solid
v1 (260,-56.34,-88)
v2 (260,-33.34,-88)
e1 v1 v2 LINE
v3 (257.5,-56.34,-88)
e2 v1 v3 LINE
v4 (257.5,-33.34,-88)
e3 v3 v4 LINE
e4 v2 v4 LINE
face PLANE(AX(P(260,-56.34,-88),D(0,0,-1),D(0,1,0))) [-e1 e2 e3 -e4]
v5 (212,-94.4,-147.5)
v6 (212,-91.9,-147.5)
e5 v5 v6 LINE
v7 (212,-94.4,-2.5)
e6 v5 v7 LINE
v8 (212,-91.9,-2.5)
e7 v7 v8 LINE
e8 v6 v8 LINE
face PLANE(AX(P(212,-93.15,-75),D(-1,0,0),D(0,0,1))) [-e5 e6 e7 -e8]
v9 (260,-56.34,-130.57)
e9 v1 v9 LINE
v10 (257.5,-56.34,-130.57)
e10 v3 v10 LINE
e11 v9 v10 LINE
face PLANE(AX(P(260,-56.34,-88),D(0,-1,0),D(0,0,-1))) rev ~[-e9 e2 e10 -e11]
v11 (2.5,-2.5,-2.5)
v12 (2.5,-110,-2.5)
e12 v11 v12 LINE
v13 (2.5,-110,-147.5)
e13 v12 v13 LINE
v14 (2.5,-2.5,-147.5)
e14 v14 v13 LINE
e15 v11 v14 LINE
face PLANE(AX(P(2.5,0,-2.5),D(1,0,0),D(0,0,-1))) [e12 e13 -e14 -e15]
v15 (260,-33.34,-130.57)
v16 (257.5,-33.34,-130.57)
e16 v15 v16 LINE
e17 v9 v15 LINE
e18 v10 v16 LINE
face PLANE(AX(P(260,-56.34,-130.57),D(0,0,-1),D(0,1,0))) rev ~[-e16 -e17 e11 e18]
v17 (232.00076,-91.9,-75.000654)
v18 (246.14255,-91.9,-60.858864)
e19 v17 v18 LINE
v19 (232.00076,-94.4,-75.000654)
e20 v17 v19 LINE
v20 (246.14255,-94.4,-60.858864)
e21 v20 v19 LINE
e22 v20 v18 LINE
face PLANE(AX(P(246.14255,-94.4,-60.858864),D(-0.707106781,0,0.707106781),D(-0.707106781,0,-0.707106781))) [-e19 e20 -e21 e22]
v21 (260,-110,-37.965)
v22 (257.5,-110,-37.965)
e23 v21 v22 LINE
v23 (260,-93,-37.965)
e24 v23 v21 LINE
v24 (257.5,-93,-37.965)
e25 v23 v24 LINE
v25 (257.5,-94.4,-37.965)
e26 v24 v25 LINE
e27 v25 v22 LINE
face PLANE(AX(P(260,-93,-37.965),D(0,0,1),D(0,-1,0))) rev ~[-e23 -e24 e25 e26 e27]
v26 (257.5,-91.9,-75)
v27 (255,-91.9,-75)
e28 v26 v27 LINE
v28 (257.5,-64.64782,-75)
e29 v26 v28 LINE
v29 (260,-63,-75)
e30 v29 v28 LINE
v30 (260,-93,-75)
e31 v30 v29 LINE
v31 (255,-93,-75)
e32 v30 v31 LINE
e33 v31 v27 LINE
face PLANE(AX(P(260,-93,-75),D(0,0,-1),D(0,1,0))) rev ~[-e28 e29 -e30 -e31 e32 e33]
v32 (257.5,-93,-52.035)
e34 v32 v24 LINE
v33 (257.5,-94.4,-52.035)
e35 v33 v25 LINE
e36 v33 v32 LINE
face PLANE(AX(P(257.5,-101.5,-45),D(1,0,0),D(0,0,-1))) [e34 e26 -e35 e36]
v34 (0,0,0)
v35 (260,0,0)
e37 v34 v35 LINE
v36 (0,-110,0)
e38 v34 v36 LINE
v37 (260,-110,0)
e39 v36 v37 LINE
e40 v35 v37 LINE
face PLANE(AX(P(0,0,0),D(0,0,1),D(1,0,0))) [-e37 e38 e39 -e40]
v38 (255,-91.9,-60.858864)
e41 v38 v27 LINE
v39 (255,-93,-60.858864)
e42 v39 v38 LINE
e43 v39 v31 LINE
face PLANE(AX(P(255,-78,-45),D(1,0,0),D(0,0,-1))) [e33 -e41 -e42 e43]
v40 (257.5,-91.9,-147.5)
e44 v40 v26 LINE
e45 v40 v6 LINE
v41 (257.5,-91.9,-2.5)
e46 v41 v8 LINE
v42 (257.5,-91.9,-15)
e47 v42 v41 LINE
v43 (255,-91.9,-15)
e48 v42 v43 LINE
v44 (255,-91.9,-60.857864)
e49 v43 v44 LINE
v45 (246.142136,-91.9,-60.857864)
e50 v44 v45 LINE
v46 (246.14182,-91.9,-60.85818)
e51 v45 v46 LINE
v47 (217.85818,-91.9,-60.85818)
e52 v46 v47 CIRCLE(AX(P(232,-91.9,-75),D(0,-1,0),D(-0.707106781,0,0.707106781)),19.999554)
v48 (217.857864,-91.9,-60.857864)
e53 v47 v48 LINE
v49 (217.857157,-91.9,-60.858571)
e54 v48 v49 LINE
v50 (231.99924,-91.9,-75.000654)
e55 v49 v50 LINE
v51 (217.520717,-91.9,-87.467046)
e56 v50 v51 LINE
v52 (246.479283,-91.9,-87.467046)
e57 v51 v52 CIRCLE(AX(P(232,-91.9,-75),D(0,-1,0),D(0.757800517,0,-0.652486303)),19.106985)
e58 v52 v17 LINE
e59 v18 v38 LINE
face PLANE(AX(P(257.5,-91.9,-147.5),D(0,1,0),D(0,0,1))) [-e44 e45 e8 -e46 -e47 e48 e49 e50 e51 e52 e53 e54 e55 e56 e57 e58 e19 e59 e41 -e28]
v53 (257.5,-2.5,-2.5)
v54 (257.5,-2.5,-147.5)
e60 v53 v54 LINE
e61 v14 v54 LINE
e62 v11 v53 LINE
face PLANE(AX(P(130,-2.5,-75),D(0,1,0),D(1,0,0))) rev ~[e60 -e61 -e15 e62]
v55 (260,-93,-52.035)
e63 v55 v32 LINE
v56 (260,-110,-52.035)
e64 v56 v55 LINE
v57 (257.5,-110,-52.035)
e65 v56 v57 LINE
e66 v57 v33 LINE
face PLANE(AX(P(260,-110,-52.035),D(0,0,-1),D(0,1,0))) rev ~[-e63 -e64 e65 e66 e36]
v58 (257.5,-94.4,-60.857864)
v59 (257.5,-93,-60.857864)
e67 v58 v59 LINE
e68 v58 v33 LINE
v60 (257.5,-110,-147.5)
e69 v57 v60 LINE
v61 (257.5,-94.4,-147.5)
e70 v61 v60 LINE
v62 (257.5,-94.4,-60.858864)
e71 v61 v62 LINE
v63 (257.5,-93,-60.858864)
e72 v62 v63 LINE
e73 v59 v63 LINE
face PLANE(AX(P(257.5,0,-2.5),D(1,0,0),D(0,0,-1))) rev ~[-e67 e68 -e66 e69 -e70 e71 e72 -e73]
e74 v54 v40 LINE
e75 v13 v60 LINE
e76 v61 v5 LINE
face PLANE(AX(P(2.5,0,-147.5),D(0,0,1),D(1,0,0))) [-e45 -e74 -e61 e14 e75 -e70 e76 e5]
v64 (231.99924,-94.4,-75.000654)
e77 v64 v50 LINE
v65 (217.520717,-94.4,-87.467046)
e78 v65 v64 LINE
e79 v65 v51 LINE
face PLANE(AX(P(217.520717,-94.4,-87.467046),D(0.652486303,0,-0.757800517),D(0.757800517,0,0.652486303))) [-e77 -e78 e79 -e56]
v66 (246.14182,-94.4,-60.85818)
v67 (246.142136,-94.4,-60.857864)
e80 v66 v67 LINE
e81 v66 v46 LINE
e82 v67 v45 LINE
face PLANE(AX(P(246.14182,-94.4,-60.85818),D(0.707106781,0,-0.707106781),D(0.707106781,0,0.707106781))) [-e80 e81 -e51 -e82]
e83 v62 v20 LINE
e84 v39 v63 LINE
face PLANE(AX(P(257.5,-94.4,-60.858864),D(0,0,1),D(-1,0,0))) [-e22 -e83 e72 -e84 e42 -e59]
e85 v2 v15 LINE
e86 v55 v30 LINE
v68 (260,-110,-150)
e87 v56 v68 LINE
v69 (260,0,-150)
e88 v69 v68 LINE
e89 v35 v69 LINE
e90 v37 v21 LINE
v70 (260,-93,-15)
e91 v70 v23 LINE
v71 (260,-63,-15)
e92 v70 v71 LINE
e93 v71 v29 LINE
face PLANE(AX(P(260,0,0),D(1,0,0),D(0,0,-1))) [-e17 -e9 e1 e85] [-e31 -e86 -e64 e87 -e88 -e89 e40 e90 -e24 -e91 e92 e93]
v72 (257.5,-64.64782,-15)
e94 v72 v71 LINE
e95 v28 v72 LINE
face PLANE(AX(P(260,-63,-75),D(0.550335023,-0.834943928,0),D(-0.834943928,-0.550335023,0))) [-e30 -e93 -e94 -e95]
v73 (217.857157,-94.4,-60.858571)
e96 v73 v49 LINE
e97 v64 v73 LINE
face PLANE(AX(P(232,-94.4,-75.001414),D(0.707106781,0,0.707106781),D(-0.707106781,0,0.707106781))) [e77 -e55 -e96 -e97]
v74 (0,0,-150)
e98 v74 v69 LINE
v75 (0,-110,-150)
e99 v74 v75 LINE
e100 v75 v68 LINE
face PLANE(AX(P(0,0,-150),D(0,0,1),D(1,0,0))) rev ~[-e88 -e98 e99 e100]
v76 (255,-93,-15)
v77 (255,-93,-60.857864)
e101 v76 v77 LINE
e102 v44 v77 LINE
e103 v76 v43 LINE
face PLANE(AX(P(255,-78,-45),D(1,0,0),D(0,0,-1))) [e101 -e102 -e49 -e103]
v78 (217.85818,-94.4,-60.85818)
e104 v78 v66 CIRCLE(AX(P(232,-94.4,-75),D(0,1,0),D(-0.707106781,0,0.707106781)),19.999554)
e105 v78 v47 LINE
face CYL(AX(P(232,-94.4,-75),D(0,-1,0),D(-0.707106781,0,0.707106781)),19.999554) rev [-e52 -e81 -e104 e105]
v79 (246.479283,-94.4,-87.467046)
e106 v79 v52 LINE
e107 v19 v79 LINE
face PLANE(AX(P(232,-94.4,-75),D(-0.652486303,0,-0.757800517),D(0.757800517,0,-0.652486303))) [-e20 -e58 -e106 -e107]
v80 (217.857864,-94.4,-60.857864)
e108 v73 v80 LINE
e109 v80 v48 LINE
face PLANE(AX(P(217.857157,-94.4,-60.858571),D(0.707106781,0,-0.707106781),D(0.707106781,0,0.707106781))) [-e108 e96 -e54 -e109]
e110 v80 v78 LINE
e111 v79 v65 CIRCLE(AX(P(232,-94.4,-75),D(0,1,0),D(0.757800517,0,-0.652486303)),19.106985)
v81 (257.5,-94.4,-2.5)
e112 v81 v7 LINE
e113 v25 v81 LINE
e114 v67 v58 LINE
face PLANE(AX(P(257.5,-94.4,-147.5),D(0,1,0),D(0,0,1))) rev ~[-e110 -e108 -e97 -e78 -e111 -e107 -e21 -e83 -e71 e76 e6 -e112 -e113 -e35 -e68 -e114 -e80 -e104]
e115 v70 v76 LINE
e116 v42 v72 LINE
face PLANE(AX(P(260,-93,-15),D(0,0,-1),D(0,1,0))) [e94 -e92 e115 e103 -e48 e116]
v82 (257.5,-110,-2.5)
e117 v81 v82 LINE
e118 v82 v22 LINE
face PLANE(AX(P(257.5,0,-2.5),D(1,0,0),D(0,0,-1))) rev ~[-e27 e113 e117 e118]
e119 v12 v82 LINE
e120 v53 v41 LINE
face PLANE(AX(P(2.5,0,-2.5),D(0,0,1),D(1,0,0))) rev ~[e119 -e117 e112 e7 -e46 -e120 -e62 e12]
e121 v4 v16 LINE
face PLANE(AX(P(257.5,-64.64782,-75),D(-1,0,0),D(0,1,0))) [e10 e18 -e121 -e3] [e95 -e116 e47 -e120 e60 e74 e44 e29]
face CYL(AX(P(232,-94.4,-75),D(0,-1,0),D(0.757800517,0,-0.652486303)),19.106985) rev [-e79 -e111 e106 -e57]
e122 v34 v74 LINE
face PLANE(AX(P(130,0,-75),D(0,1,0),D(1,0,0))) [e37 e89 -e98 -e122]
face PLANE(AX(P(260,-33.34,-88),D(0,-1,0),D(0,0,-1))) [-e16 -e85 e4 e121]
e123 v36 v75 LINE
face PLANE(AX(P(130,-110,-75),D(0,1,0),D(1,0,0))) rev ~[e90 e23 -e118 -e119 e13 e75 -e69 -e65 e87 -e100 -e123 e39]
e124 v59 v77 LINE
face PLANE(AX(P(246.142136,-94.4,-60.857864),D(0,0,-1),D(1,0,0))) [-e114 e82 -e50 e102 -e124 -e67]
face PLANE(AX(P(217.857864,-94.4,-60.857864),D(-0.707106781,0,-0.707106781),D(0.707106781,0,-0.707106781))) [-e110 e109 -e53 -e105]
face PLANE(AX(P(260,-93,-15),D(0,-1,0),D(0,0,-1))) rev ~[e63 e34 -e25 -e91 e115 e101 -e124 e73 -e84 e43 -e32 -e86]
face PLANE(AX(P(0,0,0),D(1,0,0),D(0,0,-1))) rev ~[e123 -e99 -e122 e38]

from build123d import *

# Parameters (mm, degrees)
SKETCH1_W               = 260
SKETCH1_H               = 150
SKETCH1_W_2             = 255
SKETCH1_H_2             = 145
BOSS_EXTRUDE1_DEPTH     = 110
SKETCH2_W               = 255
SKETCH2_H               = 145
BOSS_EXTRUDE2_DEPTH     = 2.5
SKETCH4_W               = 145
SKETCH4_H               = 2.5
BOSS_EXTRUDE3_DEPTH     = 45.5
CUT_EXTRUDE_THIN4_DEPTH = 5
SKETCH6_W               = 60
SKETCH6_H               = 30
CUT_EXTRUDE1_DEPTH      = 5
BOSS_EXTRUDE4_REACH     = 294.104
CUT_EXTRUDE2_DEPTH      = 3
SKETCH10_W              = 42.57
SKETCH10_H              = 23
CUT_EXTRUDE3_DEPTH      = 2.5
CUT_EXTRUDE4_DEPTH      = 2.5


with BuildPart() as part:
    # Sketch1 → Boss-Extrude1 (new body)
    with BuildSketch(Plane(origin=(0, 0, 0), x_dir=(1, 0, 0), z_dir=(0, 1, 0))):
        with Locations((130, 75)):
            Rectangle(SKETCH1_W, SKETCH1_H)
        with Locations((130, 75)):
            Rectangle(SKETCH1_W_2, SKETCH1_H_2, mode=Mode.SUBTRACT)
    extrude(amount=-BOSS_EXTRUDE1_DEPTH)

    # Sketch2 → Boss-Extrude2 (add)
    with BuildSketch(Plane(origin=(0, 0, 0), x_dir=(1, 0, 0), z_dir=(0, 1, 0))):
        with Locations((130, 75)):
            Rectangle(SKETCH2_W, SKETCH2_H)
    extrude(amount=-BOSS_EXTRUDE2_DEPTH)

    # Sketch4 → Boss-Extrude3 (add)
    with BuildSketch(Plane.ZY.offset(-257.5)):
        with Locations((-75, -93.15)):
            Rectangle(SKETCH4_W, SKETCH4_H)
    extrude(amount=BOSS_EXTRUDE3_DEPTH)

    # Sketch5 → Cut-Extrude-Thin4 (cut)
    with BuildSketch(Plane.XZ.offset(94.4)):
        Polygon((217.857864376, -60.857864376), (232, -75), (246.142135624, -60.857864376), (257.5, -60.857864376), (257.5, -60.858864376), (246.142549837, -60.858864376), (232, -75.001414214), (217.857157269, -60.858571483), align=None)
        with BuildLine():
            ThreePointArc((246.141113376, -60.858886624), (232, -55.001445677), (217.858886624, -60.858886624))
            Line((217.858886624, -60.858886624), (217.858179517, -60.858179517))
            ThreePointArc((217.858179517, -60.858179517), (232, -55.000445677), (246.141820483, -60.858179517))
            Line((246.141820483, -60.858179517), (246.141113376, -60.858886624))
        make_face()
    extrude(amount=-CUT_EXTRUDE_THIN4_DEPTH, mode=Mode.SUBTRACT)


with BuildPart() as cut_extrude_thin4_kept_piece:
    # of the separate pieces the step leaves, the one the design keeps (cut_extrude_thin4_pieces_kept)
    add(part.part.solids().sort_by_distance((0, 0, 0))[0])

    # Sketch6 → Cut-Extrude1 (cut)
    with BuildSketch(Plane(origin=(260, 0, 0), x_dir=(0, 0, -1), z_dir=(1, 0, 0))):
        with Locations((45, -78)):
            Rectangle(SKETCH6_W, SKETCH6_H)
    extrude(amount=-CUT_EXTRUDE1_DEPTH, mode=Mode.SUBTRACT)

    # Sketch8 → Boss-Extrude4 (add, up to next)
    with BuildSketch(Plane.XY.offset(-75), mode=Mode.PRIVATE) as boss_extrude4_sk1:
        Polygon((260, -63), (257.5, -64.647820306), (257.5, -63), align=None)
    boss_extrude4_tool1 = extrude(boss_extrude4_sk1.sketch, amount=BOSS_EXTRUDE4_REACH, mode=Mode.PRIVATE) - cut_extrude_thin4_kept_piece.part
    add(boss_extrude4_tool1.solids().sort_by_distance((258.333333, -63.549273, -75))[0])

    # Sketch9 → Cut-Extrude2 (cut)
    with BuildSketch(Plane.XZ.offset(94.4)):
        with BuildLine():
            Line((232, -75), (246.479283082, -87.467045982))
            ThreePointArc((246.479283082, -87.467045982), (232, -94.106984956), (217.520716918, -87.467045982))
            Line((217.520716918, -87.467045982), (232, -75))
        make_face()
    extrude(amount=-CUT_EXTRUDE2_DEPTH, mode=Mode.SUBTRACT)

    # Sketch10 → Cut-Extrude3 (cut)
    with BuildSketch(Plane(origin=(260, 0, 0), x_dir=(0, 0, -1), z_dir=(1, 0, 0))):
        with Locations((109.285, -44.84)):
            Rectangle(SKETCH10_W, SKETCH10_H)
    extrude(amount=-CUT_EXTRUDE3_DEPTH, mode=Mode.SUBTRACT)

    # Sketch11 → Cut-Extrude4 (cut)
    with BuildSketch(Plane(origin=(260, 0, 0), x_dir=(0, 0, -1), z_dir=(1, 0, 0))):
        Polygon((45, -93), (37.965, -93), (37.965, -110), (52.035, -110), (52.035, -93), align=None)
    extrude(amount=-CUT_EXTRUDE4_DEPTH, mode=Mode.SUBTRACT)


solid = cut_extrude_thin4_kept_piece.part
